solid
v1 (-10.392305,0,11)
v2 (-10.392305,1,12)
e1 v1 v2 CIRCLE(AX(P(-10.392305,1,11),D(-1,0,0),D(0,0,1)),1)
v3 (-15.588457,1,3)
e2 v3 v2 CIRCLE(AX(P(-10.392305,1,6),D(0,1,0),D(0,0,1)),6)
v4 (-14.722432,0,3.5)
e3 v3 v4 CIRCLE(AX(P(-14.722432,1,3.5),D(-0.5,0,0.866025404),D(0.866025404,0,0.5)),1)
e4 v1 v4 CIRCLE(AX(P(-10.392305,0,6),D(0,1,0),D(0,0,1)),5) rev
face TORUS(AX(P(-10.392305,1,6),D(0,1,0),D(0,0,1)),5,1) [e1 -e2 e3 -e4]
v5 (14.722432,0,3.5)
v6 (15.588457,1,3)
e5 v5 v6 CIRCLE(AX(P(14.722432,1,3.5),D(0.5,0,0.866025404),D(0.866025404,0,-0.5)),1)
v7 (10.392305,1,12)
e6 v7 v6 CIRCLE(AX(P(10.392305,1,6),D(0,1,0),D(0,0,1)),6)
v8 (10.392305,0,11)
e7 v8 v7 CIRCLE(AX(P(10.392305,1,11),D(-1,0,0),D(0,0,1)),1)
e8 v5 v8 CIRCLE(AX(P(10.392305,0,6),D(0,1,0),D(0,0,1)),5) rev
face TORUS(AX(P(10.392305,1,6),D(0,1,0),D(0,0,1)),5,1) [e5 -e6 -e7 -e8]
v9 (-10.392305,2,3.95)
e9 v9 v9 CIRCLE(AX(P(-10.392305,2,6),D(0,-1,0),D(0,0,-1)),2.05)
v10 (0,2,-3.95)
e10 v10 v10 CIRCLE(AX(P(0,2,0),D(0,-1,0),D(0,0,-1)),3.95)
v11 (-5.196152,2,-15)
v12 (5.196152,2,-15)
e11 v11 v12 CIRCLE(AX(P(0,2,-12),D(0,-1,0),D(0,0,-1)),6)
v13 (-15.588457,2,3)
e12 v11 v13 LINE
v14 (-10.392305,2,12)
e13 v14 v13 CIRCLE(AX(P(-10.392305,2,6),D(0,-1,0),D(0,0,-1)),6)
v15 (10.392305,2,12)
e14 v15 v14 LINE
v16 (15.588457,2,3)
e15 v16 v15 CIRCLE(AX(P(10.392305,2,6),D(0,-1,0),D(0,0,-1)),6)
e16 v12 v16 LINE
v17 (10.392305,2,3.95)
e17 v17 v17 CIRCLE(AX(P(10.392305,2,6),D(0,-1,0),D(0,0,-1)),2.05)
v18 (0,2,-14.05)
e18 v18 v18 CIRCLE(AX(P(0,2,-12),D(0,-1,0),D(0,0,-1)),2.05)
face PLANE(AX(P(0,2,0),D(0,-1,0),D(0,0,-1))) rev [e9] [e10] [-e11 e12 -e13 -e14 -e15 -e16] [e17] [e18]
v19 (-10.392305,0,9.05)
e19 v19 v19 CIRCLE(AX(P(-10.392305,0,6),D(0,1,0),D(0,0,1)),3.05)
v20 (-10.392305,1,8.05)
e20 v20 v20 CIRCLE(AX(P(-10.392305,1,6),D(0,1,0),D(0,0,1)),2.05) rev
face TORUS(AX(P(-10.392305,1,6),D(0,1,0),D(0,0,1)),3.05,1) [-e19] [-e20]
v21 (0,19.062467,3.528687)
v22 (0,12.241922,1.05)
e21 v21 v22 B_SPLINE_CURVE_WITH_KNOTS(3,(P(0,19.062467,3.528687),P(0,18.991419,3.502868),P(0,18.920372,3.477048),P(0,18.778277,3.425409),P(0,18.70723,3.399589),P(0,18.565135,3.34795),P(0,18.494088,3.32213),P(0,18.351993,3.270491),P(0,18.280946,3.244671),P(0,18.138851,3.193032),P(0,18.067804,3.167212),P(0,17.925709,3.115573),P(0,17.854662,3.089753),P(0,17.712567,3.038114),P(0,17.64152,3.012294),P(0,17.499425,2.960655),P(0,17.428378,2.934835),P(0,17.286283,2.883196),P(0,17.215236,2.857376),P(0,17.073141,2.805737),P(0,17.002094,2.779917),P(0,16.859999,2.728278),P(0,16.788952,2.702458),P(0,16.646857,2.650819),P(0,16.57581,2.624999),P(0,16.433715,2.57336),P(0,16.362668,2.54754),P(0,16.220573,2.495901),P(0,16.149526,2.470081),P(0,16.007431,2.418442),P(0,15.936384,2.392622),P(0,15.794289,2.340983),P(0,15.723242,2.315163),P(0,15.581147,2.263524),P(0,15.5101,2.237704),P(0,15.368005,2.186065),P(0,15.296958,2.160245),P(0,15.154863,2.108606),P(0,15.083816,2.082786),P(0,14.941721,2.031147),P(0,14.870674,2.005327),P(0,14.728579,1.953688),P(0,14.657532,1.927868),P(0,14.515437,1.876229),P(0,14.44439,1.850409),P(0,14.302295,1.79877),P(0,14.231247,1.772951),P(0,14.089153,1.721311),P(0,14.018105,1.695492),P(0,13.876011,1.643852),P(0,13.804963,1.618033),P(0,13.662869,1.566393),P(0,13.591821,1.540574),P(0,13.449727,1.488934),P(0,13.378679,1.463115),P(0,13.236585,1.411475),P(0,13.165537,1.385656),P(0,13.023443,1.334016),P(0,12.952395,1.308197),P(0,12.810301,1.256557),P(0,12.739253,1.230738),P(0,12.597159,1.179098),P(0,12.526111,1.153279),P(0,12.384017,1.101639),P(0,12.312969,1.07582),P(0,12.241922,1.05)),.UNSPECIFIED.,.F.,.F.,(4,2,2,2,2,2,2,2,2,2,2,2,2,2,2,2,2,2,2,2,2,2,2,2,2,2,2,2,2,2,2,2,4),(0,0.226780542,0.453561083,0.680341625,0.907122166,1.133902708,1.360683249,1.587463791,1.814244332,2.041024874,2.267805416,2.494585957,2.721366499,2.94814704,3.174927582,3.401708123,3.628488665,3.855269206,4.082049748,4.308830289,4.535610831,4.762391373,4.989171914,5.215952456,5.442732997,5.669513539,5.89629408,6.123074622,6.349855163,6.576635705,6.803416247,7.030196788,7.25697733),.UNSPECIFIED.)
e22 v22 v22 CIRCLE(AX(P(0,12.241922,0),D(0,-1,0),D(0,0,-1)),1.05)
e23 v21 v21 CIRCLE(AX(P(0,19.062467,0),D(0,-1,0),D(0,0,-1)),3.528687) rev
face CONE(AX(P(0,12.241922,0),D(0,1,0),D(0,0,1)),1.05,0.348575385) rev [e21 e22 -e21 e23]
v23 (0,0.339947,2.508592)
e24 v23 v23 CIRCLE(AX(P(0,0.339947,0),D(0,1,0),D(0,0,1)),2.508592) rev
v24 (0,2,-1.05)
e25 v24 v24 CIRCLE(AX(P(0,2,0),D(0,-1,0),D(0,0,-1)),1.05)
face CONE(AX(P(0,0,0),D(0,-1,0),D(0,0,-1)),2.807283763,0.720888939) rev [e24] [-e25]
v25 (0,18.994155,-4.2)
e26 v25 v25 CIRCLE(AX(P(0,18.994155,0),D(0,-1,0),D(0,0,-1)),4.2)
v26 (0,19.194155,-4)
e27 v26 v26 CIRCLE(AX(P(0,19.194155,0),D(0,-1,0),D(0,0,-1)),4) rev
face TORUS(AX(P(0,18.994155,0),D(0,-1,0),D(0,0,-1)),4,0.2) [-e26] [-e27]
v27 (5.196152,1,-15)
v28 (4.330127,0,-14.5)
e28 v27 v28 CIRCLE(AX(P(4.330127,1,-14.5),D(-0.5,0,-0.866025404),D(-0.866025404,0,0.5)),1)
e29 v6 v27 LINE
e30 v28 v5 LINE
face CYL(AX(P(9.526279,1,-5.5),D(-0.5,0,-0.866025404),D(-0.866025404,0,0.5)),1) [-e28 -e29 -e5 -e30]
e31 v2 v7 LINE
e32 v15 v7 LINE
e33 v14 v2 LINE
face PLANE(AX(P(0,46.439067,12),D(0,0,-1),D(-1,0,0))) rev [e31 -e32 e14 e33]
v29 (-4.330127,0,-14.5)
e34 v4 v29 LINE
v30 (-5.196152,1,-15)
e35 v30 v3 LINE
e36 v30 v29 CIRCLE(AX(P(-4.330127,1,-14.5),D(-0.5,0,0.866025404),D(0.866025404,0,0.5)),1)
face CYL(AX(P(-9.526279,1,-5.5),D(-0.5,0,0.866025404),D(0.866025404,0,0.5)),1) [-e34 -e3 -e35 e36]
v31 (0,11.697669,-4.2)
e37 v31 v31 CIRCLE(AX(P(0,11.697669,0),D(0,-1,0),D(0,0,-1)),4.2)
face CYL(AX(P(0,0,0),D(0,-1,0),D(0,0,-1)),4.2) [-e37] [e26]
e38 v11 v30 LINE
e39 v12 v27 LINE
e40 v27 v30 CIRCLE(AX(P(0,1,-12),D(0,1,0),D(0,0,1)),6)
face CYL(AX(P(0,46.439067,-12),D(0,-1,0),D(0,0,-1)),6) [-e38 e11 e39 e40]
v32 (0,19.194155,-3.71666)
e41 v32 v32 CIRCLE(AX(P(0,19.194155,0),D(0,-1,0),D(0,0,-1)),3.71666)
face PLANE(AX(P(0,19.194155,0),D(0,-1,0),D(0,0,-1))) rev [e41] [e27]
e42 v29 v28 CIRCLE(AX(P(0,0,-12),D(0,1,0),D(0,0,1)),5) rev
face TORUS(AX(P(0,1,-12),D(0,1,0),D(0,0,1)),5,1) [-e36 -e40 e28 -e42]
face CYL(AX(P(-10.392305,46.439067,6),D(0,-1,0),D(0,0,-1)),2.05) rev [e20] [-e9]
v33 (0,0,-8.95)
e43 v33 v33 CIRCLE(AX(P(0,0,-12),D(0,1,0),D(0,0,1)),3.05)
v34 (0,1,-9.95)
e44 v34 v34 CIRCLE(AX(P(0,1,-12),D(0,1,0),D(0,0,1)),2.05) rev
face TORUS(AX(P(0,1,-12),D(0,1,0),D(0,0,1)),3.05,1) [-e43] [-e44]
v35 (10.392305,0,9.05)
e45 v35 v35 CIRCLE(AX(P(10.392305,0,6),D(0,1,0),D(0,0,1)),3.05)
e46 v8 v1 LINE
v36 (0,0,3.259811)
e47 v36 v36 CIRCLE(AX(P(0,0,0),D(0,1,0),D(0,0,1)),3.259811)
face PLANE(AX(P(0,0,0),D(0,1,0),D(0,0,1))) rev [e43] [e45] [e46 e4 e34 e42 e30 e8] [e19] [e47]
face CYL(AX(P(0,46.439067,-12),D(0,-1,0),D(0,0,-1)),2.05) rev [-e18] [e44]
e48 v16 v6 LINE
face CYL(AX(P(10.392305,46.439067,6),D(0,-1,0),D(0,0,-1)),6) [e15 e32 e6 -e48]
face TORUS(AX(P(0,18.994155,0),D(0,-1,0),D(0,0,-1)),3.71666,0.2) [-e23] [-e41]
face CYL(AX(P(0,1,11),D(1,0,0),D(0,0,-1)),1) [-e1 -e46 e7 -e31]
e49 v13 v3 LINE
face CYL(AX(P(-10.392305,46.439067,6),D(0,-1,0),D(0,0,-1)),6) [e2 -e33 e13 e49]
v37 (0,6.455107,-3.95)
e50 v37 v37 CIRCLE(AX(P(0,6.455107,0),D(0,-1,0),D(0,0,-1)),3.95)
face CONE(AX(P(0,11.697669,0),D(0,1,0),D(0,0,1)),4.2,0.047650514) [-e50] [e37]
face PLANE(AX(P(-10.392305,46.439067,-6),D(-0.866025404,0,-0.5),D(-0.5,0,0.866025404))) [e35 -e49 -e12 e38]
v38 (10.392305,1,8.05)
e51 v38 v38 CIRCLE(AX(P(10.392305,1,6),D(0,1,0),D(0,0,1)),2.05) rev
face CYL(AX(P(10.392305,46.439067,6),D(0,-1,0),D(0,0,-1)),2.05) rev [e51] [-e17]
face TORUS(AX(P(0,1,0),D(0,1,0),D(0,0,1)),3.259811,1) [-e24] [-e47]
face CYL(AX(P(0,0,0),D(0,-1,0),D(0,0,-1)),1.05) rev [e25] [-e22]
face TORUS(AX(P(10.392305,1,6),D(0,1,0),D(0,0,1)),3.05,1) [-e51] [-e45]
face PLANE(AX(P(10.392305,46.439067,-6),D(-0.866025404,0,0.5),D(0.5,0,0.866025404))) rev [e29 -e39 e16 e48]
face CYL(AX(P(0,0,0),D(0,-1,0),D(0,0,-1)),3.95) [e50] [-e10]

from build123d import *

# Parameters (mm, degrees)
SKETCH2_R           = 8
SKETCH2_R_2         = 2.05
BOSS_EXTRUDE1_DEPTH = 2
FILLET3_R           = 0.2
FILLET4_R           = 1


with BuildPart() as part:
    # Sketch1 → Revolve1 (revolve)
    with BuildSketch(Plane.XY, mode=Mode.PRIVATE) as revolve1_sk:
        Polygon((-1.05, 12.24192198), (-3.576544919, 19.194154715), (-4.2, 19.194154715), (-4.2, 11.697668557), (-3.95, 6.45510688), (-3.95, 2), (-8, 2), (-8, 0), (-2.807283763, 0), (-1.05, 2), align=None)
    revolve(revolve1_sk.sketch.rotate(Axis((0, 0, 0), (0, 1, 0)), 270), axis=Axis((0, 0, 0), (0, 1, 0)))

    # Sketch2 → Boss-Extrude1 (add)
    with BuildSketch(Plane(origin=(0, 0, 0), x_dir=(1, 0, 0), z_dir=(0, 1, 0))):
        with BuildLine():
            ThreePointArc((-15.588457268, -3), (-15.588457268, -9), (-10.392304845, -12))
            Line((-10.392304845, -12), (10.392304845, -12))
            ThreePointArc((10.392304845, -12), (15.588457268, -9), (15.588457268, -3))
            Line((15.588457268, -3), (5.196152423, 15))
            ThreePointArc((5.196152423, 15), (0, 18), (-5.196152423, 15))
            Line((-5.196152423, 15), (-15.588457268, -3))
        make_face()
        Circle(SKETCH2_R, mode=Mode.SUBTRACT)
        with Locations(Location((-10.392304845, -6, 0), (0, 0, 90))):
            Circle(SKETCH2_R_2, mode=Mode.SUBTRACT)
        with Locations(Location((10.392304845, -6, 0), (0, 0, 90))):
            Circle(SKETCH2_R_2, mode=Mode.SUBTRACT)
        with Locations(Location((0, 12, 0), (0, 0, 90))):
            Circle(SKETCH2_R_2, mode=Mode.SUBTRACT)
    extrude(amount=BOSS_EXTRUDE1_DEPTH)

    # Fillet3
    fillet3_edges = [part.edges().sort_by_distance(p)[0] for p in [
        (0, 19.194154715, 4.2),
        (0, 19.194154715, 3.576544919),
    ]]
    fillet(fillet3_edges, radius=FILLET3_R)

    # Fillet4
    fillet4_edges = [part.edges().sort_by_distance(p)[0] for p in [
        (-15.588457268, 0, 9),
        (0, 0, 12),
        (15.588457268, 0, 9),
        (10.392304845, 0, -6),
        (0, 0, -18),
        (-10.392304845, 0, -6),
        (0, 0, -9.95),
        (10.392304845, 0, 8.05),
        (-10.392304845, 0, 8.05),
        (0, 0, 2.807283763),
    ]]
    fillet(fillet4_edges, radius=FILLET4_R)


solid = part.part
